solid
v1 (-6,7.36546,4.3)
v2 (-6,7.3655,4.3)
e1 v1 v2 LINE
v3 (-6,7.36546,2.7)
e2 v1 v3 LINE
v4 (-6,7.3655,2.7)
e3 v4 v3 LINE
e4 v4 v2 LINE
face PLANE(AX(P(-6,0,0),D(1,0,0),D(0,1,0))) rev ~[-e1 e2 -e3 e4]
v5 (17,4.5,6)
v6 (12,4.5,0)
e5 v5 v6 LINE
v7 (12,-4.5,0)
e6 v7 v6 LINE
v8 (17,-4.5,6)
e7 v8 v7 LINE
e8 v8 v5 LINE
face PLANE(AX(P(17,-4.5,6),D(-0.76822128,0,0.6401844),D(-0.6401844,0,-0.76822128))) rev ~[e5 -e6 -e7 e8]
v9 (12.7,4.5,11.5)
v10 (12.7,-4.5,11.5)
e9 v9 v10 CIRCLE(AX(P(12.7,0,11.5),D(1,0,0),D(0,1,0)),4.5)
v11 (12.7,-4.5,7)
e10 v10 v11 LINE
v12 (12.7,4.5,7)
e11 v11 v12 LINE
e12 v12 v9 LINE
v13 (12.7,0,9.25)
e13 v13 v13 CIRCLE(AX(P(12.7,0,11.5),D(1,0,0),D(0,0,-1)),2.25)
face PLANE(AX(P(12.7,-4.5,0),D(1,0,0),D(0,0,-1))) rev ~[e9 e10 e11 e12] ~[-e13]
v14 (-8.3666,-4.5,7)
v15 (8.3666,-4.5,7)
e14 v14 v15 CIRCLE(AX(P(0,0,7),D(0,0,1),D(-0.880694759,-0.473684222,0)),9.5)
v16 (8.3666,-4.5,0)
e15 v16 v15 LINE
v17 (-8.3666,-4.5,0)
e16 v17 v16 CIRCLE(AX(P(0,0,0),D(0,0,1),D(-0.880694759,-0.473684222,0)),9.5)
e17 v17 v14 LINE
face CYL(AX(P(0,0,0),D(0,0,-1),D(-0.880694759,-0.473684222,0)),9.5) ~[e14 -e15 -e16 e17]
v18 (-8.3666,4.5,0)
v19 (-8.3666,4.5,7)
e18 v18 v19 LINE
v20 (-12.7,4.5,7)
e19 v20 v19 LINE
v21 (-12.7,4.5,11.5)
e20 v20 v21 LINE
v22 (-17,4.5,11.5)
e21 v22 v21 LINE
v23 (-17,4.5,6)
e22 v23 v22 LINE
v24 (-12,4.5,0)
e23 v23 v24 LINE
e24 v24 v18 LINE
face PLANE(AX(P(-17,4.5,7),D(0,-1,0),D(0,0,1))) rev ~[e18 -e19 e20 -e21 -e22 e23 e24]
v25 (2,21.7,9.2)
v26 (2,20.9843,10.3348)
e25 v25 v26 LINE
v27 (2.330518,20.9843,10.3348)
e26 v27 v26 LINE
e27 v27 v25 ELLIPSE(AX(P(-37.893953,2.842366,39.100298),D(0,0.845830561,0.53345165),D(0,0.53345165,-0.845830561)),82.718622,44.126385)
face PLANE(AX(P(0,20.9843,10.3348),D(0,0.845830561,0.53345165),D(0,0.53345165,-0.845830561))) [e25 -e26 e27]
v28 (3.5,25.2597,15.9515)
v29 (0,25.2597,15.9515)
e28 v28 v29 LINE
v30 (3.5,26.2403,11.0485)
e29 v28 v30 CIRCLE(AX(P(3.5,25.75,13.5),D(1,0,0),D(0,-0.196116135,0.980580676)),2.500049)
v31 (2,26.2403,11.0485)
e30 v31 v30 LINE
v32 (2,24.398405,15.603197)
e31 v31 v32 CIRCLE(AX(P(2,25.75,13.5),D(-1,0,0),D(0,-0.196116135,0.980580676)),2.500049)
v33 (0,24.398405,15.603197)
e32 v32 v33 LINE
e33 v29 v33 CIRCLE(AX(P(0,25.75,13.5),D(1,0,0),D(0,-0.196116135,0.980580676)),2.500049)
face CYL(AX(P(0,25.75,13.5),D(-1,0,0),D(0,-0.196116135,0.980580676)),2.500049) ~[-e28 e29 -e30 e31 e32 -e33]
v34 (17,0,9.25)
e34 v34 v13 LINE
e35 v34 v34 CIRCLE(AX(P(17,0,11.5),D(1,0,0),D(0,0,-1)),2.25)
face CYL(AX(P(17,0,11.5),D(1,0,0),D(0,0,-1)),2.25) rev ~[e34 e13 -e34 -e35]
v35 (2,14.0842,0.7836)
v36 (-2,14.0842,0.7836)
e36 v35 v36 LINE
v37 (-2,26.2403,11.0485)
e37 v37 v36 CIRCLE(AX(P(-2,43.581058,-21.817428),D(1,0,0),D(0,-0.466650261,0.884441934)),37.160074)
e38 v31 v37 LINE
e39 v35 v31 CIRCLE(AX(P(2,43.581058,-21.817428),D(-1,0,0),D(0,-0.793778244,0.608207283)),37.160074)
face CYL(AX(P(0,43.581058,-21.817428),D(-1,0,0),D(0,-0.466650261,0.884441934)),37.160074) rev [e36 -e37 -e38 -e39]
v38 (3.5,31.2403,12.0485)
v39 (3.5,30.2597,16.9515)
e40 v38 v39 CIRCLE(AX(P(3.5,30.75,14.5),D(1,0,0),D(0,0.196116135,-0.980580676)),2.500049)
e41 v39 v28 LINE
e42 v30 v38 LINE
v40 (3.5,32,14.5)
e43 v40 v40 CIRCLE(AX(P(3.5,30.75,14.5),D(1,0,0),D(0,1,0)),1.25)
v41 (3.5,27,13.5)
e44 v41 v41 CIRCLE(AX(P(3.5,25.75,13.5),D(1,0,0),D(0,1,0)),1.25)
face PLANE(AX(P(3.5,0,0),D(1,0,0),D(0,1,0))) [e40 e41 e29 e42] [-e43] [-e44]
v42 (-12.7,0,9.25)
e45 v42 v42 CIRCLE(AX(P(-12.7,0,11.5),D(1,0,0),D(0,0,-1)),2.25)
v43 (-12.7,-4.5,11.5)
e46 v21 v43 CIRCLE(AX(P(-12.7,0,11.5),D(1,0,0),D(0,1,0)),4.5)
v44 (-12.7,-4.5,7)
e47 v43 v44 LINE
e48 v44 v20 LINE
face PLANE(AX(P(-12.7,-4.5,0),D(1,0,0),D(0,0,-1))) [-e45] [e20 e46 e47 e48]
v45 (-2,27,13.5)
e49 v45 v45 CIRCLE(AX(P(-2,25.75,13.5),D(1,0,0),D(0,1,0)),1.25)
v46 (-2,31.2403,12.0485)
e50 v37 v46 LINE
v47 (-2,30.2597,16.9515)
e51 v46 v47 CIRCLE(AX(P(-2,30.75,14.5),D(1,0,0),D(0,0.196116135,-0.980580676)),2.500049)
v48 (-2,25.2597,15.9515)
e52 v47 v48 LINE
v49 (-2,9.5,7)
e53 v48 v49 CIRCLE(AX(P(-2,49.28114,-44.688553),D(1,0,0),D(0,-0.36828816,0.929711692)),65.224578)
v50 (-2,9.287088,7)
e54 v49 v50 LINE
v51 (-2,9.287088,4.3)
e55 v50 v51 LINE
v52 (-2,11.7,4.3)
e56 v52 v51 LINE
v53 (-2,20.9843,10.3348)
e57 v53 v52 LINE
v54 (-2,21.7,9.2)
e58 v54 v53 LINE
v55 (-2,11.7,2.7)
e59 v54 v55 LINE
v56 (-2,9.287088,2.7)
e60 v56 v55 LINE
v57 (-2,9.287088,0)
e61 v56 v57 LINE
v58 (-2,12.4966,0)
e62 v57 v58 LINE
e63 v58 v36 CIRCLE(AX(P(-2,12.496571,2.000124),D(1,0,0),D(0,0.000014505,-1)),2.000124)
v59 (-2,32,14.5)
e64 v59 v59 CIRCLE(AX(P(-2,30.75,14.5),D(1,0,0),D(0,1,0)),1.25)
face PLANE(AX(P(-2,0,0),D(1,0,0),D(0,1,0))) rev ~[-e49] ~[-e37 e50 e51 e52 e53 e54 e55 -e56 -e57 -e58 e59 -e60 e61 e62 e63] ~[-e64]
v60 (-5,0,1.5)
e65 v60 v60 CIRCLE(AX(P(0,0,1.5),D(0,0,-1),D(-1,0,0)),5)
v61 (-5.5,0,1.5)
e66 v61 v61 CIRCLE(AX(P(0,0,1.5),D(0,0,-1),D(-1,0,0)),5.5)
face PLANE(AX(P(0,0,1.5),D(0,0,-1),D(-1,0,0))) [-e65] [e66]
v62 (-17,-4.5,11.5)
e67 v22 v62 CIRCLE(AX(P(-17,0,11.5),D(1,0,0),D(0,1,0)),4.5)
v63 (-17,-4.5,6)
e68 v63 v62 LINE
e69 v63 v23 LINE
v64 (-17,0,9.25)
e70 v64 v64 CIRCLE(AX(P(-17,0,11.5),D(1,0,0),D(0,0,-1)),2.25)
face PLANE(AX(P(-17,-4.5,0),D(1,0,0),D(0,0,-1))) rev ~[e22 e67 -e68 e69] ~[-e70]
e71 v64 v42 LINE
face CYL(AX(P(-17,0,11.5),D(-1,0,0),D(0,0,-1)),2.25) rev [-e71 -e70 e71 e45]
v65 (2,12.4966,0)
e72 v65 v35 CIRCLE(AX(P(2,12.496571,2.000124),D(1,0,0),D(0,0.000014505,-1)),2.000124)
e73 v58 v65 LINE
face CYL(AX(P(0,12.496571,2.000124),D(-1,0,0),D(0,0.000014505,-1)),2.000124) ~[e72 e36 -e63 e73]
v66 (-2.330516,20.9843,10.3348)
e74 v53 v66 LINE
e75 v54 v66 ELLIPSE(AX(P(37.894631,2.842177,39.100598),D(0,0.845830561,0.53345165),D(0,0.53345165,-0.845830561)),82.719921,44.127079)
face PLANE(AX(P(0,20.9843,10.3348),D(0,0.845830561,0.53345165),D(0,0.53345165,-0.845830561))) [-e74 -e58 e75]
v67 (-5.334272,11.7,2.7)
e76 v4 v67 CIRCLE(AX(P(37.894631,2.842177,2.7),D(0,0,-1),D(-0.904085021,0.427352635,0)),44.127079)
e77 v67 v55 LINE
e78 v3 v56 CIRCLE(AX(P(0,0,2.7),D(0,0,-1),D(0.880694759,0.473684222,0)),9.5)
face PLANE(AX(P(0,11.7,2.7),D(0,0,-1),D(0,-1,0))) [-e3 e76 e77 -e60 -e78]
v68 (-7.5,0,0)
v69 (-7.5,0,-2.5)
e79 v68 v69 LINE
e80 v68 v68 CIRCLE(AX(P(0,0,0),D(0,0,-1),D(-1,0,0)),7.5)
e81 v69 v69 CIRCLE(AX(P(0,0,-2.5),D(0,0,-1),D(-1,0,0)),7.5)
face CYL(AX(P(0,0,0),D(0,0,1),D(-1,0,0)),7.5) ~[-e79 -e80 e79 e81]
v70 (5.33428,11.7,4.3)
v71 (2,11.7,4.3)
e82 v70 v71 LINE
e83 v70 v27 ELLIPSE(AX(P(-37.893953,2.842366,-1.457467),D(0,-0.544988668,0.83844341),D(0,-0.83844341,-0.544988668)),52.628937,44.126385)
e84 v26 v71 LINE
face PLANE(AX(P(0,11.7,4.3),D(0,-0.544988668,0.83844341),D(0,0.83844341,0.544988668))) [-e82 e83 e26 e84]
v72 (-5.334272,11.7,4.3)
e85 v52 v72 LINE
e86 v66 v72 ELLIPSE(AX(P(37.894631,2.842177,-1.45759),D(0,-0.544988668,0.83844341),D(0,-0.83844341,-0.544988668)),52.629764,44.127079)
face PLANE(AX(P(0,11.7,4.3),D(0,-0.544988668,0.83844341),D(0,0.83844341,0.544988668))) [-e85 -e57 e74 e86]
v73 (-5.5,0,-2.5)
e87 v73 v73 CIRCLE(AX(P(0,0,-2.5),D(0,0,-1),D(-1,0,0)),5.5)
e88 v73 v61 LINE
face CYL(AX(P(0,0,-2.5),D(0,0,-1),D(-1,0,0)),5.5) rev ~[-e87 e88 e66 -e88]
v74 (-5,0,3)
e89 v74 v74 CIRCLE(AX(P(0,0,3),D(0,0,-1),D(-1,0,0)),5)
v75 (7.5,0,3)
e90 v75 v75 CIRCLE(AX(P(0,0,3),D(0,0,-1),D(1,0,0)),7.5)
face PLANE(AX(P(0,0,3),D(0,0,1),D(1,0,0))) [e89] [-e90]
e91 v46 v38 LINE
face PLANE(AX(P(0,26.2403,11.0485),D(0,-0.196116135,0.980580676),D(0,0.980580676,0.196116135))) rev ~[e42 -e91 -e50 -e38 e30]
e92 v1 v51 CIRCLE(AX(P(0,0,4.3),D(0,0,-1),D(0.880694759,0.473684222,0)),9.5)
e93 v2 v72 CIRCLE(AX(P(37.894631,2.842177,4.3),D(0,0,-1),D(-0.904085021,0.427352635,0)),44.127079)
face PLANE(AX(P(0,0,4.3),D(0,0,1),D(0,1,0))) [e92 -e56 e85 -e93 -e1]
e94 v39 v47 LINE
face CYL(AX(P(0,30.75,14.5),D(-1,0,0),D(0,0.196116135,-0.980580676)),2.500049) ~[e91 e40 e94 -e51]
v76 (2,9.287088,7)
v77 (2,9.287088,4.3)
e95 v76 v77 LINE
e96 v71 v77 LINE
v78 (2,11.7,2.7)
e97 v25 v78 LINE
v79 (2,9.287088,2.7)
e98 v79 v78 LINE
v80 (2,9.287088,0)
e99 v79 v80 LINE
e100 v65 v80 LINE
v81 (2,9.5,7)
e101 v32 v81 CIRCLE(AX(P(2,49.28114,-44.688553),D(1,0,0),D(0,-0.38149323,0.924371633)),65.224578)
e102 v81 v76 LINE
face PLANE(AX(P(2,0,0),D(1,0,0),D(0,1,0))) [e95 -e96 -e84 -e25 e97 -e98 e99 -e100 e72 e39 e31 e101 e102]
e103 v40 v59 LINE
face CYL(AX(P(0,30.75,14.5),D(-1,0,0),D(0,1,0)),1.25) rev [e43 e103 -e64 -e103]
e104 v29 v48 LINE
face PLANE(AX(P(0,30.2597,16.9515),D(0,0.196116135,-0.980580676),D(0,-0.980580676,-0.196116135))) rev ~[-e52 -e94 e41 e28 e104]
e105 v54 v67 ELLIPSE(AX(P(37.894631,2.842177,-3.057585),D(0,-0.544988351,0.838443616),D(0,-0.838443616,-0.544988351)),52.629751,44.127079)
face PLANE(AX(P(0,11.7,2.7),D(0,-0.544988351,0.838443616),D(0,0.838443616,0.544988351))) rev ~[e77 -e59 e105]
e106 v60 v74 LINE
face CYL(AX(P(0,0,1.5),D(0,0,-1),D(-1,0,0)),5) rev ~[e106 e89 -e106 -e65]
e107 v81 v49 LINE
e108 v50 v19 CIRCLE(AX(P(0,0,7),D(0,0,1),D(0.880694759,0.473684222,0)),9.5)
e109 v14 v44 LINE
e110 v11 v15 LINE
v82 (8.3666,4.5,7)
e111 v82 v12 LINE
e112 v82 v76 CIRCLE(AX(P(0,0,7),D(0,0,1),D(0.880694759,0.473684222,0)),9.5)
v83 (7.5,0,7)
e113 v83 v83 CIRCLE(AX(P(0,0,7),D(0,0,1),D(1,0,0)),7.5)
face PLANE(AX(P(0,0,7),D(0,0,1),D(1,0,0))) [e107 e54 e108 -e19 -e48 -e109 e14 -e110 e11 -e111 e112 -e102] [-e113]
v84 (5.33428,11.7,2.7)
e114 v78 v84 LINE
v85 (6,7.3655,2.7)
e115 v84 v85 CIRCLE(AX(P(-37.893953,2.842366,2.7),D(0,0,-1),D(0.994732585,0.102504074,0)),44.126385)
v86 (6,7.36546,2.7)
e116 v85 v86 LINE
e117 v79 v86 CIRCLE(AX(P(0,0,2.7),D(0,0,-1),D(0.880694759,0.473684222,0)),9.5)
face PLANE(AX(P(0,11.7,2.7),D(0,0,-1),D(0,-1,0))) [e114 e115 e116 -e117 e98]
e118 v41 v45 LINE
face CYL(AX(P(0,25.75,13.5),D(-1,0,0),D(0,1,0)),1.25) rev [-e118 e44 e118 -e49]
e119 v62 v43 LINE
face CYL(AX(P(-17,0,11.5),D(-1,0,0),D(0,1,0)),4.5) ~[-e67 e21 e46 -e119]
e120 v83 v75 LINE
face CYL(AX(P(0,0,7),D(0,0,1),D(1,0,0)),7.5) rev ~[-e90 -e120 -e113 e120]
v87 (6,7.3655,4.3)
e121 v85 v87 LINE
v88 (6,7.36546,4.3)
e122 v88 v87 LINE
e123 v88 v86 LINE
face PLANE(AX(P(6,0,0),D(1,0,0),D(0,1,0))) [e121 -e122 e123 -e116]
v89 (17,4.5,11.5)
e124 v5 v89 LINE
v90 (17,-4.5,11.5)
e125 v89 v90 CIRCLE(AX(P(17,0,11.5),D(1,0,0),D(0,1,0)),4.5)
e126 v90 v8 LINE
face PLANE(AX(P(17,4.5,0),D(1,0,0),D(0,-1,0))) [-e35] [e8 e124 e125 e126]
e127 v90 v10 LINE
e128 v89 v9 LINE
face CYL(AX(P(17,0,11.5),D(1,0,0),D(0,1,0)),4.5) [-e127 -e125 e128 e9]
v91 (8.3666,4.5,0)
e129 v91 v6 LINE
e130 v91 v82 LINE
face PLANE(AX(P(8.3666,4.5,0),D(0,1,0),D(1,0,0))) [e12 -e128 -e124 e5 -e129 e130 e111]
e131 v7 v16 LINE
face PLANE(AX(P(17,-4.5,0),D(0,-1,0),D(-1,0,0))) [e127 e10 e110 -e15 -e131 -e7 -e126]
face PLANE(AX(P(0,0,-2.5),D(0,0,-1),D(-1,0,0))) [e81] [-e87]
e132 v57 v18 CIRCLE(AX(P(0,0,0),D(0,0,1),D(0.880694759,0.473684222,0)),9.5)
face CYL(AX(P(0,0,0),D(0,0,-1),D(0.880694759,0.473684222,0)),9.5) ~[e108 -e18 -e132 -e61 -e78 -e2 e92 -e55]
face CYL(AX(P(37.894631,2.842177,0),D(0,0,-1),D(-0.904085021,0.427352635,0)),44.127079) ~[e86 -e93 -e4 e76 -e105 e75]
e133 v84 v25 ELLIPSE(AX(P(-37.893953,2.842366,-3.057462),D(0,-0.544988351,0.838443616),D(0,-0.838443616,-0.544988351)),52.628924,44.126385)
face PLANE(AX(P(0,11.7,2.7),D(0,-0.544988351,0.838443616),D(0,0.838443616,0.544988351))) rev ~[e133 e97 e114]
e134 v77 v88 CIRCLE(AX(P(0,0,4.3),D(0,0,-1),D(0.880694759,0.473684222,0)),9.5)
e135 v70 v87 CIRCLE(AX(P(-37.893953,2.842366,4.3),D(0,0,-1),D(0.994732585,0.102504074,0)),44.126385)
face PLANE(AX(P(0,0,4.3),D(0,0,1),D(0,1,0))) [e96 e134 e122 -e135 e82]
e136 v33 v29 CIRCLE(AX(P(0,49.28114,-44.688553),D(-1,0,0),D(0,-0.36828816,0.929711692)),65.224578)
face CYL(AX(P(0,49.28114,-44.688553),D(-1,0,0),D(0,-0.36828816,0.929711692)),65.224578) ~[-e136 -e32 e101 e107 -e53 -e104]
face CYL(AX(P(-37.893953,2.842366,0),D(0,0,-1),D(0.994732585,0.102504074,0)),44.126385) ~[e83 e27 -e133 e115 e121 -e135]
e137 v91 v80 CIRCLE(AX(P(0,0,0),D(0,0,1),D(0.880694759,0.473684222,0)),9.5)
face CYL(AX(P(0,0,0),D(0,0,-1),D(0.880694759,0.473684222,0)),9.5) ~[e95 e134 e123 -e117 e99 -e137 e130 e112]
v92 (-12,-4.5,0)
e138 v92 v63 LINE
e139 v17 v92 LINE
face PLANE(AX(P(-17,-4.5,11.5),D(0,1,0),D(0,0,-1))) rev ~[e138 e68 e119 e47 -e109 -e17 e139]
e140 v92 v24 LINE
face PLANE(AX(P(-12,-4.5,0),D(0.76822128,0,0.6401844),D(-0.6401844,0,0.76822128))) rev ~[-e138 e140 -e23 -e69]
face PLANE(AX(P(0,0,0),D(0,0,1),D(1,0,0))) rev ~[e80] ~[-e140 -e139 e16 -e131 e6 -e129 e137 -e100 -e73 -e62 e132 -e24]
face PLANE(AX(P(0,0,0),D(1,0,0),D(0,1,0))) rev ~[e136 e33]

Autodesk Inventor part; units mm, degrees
ref_plane "YZ Plane" through (0, 0, 0) normal (1, 0, 0) x (0, 1, 0)
ref_plane "XZ Plane" through (0, 0, 0) normal (0, 1, 0) x (-1, 0, 0)
ref_plane "XY Plane" through (0, 0, 0) normal (0, 0, 1) x (1, 0, 0)
sketch "Sketch1" plane through (0, 0, 0) normal (0, 0, 1) x (1, 0, 0)
  line L0 (17, 4.5) -> (17, -4.5)
  line L1 (-17, -4.5) -> (-17, 4.5)
  arc A0 (-8.3666, -4.5) -> (8.3666, -4.5) centre (0, 0) ccw
  arc A1 (8.3666, 4.5) -> (-8.3666, 4.5) centre (0, 0) ccw
  line L2 (-17, 4.5) -> (-8.3666, 4.5)
  line L3 (8.3666, 4.5) -> (17, 4.5)
  line L4 (17, -4.5) -> (8.3666, -4.5)
  line L5 (-8.3666, -4.5) -> (-17, -4.5)
  line L6 (-17, 4.5) -> (17, -4.5) construction
  line L7 (-17, -4.5) -> (17, 4.5) construction
  point P0 (0, 0)
  point P1 (0, 0)
  dimension "d0" = 9
  dimension "d1" = 34
  dimension "d2" = 9.5
  dimension "d3" = 9
  dimension "d4" = 9.5
  dimension "d12" = 4.5
extrude "Extrusion1" add sketch "Sketch1" along normal blind 7
sketch "Sketch2" plane through (17, -4.5, 0) normal (1, 0, 0) x (0, 0, -1)
  arc A0 (-11.5, 9) -> (-11.5, 0) centre (-11.5, 4.5) ccw
  circle A1 centre (-11.5, 4.5) radius 2.25
  line L0 (-7, 9) -> (-11.5, 9)
  line L1 (-11.5, 0) -> (-7, 0)
  line L2 (-7, 0) -> (-7, 9)
  point P0 (0, 4.5)
  point P1 (-7, 0)
  dimension "d7" = 9
  dimension "d8" = 4.5
  dimension "d9" = 9
extrude "Extrusion2" add sketch "Sketch2" against normal blind 4.3
extrude "Extrusion3" add sketch "Sketch2" along normal blind 4.3 from surface at -34
sketch "Sketch3" plane through (-17, -4.5, 0) normal (0, -1, 0) x (1, 0, 0)
  line L0 (0, 6) -> (0, 0)
  line L1 (0, 0) -> (5, 0)
  line L2 (5, 0) -> (0, 6)
  line L3 (29, 0) -> (34, 0)
  line L4 (34, 0) -> (34, 6)
  line L5 (34, 6) -> (29, 0)
  point P0 (17, 0)
  dimension "d15" = 6
  dimension "d16" = 5
  dimension "d17" = 6
  dimension "d18" = 5
extrude "Extrusion4" cut sketch "Sketch3" against normal up to next
sketch "Sketch4" plane through (0, 0, 0) normal (0, 0, -1) x (-1, 0, 0)
  circle A0 centre (0, 0) radius 7.5
  dimension "d21" = 15
extrude "Extrusion5" add sketch "Sketch4" along normal blind 2.5
sketch "Sketch5" plane through (0, 0, 7) normal (0, 0, 1) x (1, 0, 0)
  circle A0 centre (0, 0) radius 7.5
  dimension "d24" = 15
extrude "Extrusion6" cut sketch "Sketch5" against normal blind 4
sketch "Sketch6" plane through (0, 0, -2.5) normal (0, 0, -1) x (-1, 0, 0)
  circle A0 centre (0, 0) radius 5.5
  dimension "d27" = 11
extrude "Extrusion7" cut sketch "Sketch6" against normal blind 4
sketch "Sketch7" plane through (0, 0, 1.5) normal (0, 0, -1) x (-1, 0, 0)
  circle A0 centre (0, 0) radius 5
  dimension "d30" = 10
extrude "Extrusion8" cut sketch "Sketch7" against normal up to next
sketch "Sketch9" plane through (0, 0, 0) normal (1, 0, 0) x (0, 1, 0)
  line L0 (-9.5504, 0) -> (57.3026, 0) projected
  line L1 (0, -37.6235) -> (0, 29.8791) projected
  line L2 (9.5, 0) -> (4.5, 0) projected
  line L3 (9.5, 7) -> (4.5, 7) projected
  circle A0 centre (30.75, 14.5) radius 1.25
  circle A1 centre (25.75, 13.5) radius 1.25
  line L4 (8.5, 7) -> (9.5, 7)
  line L5 (13.5, 7) -> (13.5, 0) construction
  line L6 (12.4966, 0) -> (8.5, 0)
  line L7 (8.5, 0) -> (8.5, 7)
  line L8 (25.75, 13.5) -> (30.75, 14.5) construction
  line L9 (26.2403, 11.0485) -> (31.2403, 12.0485)
  line L10 (30.2597, 16.9515) -> (25.2597, 15.9515)
  arc A2 (25.2597, 15.9515) -> (26.2403, 11.0485) centre (25.75, 13.5) ccw construction
  arc A3 (31.2403, 12.0485) -> (30.2597, 16.9515) centre (30.75, 14.5) ccw
  arc A4 (25.2597, 15.9515) -> (9.5, 7) centre (49.2826, -44.6916) ccw
  arc A5 (26.2403, 11.0485) -> (14.0842, 0.7836) centre (43.5805, -21.8166) ccw
  arc A6 (12.4966, 0) -> (14.0842, 0.7836) centre (12.4966, 2) ccw
  point P0 (0, 0)
  point P1 (28.25, 14)
  dimension "d133" = 2.5
  dimension "d134" = 30.75
  dimension "d135" = 14.5
  dimension "d136" = 2.5
  dimension "d137" = 13.5
  dimension "d138" = 25.75
  dimension "d139" = 7
  dimension "d140" = 5
  dimension "d141" = 8.5
  dimension "d142" = 5
  dimension "d143" = 65.2279
  dimension "d144" = 37.1592
  dimension "d145" = 2
extrude "Extrusion22" add sketch "Sketch9" along normal mid plane 4
sketch "Sketch19" plane through (0, 0, 0) normal (1, 0, 0) x (0, 1, 0)
  circle A0 centre (25.75, 13.5) radius 1.25 projected
  circle A1 centre (25.75, 13.5) radius 1.25
  circle A2 centre (30.75, 14.5) radius 1.25 projected
  circle A3 centre (30.75, 14.5) radius 1.25
  line L0 (25.75, 13.5) -> (30.75, 14.5) construction
  line L1 (26.2403, 11.0485) -> (31.2403, 12.0485)
  line L2 (30.2597, 16.9515) -> (25.2597, 15.9515)
  arc A4 (25.2597, 15.9515) -> (26.2403, 11.0485) centre (25.75, 13.5) ccw
  arc A5 (31.2403, 12.0485) -> (30.2597, 16.9515) centre (30.75, 14.5) ccw
  point P0 (0, 0)
  point P1 (28.25, 14)
  dimension "d148" = 2.5
  dimension "d149" = 2.5
  dimension "d150" = 5
extrude "Extrusion23" add sketch "Sketch19" along normal blind 3.5
sketch "Sketch20" plane through (0, 0, 0) normal (1, 0, 0) x (0, 1, 0)
  line L0 (0, 4.3) -> (11.7, 4.3)
  line L1 (11.7, 4.3) -> (11.7, 2.7) construction
  line L2 (11.7, 2.7) -> (0, 2.7)
  line L3 (0, 2.7) -> (0, 4.3)
  line L4 (-18.05, 0) -> (41.8, 0) projected
  line L5 (0, -6.4) -> (0, 20.9) projected
  line L6 (11.7, 2.7) -> (21.7, 9.2)
  line L7 (11.7, 4.3) -> (20.9843, 10.3348)
  line L8 (20.9843, 10.3348) -> (21.7, 9.2)
  point P0 (0, 0)
  dimension "d153" = 1.6
  dimension "d154" = 11.7
  dimension "d155" = 2.7
  dimension "d156" = 10
  dimension "d157" = 6.5
  dimension "d158" = 1.1348
extrude "Extrusion24" add sketch "Sketch20" along normal mid plane 12
sketch "Sketch21" plane through (0, 0, 7) normal (0, 0, 1) x (1, 0, 0)
  circle A0 centre (0, 0) radius 7.5
  dimension "d161" = 15
extrude "Extrusion25" cut sketch "Sketch5" against normal blind 4
sketch "Sketch22" plane through (0, 0, 1.5) normal (0, 0, -1) x (-1, 0, 0)
  circle A0 centre (0, 0) radius 5
  dimension "d164" = 10
extrude "Extrusion26" cut sketch "Sketch22" against normal through all
sketch "Sketch23" plane through (0, 0, 0) normal (0, 0, 1) x (1, 0, 0)
  line L0 (-6, 21.7) -> (-2, 21.7) projected
  line L1 (-6, 21.7) -> (-6, 11.7) projected
  line L2 (-2, 21.7) -> (-6, 21.7)
  line L3 (-6, 7.3655) -> (-6, 11.7) projected
  line L4 (-6, 21.7) -> (-6, 7.3655)
  arc A0 (-2, 21.7) -> (-6, 7.3655) centre (37.8943, 2.8423) ccw
  line L5 (0, 17.7237) -> (0, 15.5632) construction
  line L6 (6, 21.7) -> (2, 21.7)
  line L7 (6, 21.7) -> (6, 11.7)
  line L8 (6, 7.3655) -> (6, 11.7)
  arc A1 (6, 7.3655) -> (2, 21.7) centre (-37.8943, 2.8423) ccw
  point P0 (0, 0)
extrude "Extrusion27" cut sketch "Sketch23" along normal through all
properties part number "RCT-P006_steering_knuckle"
